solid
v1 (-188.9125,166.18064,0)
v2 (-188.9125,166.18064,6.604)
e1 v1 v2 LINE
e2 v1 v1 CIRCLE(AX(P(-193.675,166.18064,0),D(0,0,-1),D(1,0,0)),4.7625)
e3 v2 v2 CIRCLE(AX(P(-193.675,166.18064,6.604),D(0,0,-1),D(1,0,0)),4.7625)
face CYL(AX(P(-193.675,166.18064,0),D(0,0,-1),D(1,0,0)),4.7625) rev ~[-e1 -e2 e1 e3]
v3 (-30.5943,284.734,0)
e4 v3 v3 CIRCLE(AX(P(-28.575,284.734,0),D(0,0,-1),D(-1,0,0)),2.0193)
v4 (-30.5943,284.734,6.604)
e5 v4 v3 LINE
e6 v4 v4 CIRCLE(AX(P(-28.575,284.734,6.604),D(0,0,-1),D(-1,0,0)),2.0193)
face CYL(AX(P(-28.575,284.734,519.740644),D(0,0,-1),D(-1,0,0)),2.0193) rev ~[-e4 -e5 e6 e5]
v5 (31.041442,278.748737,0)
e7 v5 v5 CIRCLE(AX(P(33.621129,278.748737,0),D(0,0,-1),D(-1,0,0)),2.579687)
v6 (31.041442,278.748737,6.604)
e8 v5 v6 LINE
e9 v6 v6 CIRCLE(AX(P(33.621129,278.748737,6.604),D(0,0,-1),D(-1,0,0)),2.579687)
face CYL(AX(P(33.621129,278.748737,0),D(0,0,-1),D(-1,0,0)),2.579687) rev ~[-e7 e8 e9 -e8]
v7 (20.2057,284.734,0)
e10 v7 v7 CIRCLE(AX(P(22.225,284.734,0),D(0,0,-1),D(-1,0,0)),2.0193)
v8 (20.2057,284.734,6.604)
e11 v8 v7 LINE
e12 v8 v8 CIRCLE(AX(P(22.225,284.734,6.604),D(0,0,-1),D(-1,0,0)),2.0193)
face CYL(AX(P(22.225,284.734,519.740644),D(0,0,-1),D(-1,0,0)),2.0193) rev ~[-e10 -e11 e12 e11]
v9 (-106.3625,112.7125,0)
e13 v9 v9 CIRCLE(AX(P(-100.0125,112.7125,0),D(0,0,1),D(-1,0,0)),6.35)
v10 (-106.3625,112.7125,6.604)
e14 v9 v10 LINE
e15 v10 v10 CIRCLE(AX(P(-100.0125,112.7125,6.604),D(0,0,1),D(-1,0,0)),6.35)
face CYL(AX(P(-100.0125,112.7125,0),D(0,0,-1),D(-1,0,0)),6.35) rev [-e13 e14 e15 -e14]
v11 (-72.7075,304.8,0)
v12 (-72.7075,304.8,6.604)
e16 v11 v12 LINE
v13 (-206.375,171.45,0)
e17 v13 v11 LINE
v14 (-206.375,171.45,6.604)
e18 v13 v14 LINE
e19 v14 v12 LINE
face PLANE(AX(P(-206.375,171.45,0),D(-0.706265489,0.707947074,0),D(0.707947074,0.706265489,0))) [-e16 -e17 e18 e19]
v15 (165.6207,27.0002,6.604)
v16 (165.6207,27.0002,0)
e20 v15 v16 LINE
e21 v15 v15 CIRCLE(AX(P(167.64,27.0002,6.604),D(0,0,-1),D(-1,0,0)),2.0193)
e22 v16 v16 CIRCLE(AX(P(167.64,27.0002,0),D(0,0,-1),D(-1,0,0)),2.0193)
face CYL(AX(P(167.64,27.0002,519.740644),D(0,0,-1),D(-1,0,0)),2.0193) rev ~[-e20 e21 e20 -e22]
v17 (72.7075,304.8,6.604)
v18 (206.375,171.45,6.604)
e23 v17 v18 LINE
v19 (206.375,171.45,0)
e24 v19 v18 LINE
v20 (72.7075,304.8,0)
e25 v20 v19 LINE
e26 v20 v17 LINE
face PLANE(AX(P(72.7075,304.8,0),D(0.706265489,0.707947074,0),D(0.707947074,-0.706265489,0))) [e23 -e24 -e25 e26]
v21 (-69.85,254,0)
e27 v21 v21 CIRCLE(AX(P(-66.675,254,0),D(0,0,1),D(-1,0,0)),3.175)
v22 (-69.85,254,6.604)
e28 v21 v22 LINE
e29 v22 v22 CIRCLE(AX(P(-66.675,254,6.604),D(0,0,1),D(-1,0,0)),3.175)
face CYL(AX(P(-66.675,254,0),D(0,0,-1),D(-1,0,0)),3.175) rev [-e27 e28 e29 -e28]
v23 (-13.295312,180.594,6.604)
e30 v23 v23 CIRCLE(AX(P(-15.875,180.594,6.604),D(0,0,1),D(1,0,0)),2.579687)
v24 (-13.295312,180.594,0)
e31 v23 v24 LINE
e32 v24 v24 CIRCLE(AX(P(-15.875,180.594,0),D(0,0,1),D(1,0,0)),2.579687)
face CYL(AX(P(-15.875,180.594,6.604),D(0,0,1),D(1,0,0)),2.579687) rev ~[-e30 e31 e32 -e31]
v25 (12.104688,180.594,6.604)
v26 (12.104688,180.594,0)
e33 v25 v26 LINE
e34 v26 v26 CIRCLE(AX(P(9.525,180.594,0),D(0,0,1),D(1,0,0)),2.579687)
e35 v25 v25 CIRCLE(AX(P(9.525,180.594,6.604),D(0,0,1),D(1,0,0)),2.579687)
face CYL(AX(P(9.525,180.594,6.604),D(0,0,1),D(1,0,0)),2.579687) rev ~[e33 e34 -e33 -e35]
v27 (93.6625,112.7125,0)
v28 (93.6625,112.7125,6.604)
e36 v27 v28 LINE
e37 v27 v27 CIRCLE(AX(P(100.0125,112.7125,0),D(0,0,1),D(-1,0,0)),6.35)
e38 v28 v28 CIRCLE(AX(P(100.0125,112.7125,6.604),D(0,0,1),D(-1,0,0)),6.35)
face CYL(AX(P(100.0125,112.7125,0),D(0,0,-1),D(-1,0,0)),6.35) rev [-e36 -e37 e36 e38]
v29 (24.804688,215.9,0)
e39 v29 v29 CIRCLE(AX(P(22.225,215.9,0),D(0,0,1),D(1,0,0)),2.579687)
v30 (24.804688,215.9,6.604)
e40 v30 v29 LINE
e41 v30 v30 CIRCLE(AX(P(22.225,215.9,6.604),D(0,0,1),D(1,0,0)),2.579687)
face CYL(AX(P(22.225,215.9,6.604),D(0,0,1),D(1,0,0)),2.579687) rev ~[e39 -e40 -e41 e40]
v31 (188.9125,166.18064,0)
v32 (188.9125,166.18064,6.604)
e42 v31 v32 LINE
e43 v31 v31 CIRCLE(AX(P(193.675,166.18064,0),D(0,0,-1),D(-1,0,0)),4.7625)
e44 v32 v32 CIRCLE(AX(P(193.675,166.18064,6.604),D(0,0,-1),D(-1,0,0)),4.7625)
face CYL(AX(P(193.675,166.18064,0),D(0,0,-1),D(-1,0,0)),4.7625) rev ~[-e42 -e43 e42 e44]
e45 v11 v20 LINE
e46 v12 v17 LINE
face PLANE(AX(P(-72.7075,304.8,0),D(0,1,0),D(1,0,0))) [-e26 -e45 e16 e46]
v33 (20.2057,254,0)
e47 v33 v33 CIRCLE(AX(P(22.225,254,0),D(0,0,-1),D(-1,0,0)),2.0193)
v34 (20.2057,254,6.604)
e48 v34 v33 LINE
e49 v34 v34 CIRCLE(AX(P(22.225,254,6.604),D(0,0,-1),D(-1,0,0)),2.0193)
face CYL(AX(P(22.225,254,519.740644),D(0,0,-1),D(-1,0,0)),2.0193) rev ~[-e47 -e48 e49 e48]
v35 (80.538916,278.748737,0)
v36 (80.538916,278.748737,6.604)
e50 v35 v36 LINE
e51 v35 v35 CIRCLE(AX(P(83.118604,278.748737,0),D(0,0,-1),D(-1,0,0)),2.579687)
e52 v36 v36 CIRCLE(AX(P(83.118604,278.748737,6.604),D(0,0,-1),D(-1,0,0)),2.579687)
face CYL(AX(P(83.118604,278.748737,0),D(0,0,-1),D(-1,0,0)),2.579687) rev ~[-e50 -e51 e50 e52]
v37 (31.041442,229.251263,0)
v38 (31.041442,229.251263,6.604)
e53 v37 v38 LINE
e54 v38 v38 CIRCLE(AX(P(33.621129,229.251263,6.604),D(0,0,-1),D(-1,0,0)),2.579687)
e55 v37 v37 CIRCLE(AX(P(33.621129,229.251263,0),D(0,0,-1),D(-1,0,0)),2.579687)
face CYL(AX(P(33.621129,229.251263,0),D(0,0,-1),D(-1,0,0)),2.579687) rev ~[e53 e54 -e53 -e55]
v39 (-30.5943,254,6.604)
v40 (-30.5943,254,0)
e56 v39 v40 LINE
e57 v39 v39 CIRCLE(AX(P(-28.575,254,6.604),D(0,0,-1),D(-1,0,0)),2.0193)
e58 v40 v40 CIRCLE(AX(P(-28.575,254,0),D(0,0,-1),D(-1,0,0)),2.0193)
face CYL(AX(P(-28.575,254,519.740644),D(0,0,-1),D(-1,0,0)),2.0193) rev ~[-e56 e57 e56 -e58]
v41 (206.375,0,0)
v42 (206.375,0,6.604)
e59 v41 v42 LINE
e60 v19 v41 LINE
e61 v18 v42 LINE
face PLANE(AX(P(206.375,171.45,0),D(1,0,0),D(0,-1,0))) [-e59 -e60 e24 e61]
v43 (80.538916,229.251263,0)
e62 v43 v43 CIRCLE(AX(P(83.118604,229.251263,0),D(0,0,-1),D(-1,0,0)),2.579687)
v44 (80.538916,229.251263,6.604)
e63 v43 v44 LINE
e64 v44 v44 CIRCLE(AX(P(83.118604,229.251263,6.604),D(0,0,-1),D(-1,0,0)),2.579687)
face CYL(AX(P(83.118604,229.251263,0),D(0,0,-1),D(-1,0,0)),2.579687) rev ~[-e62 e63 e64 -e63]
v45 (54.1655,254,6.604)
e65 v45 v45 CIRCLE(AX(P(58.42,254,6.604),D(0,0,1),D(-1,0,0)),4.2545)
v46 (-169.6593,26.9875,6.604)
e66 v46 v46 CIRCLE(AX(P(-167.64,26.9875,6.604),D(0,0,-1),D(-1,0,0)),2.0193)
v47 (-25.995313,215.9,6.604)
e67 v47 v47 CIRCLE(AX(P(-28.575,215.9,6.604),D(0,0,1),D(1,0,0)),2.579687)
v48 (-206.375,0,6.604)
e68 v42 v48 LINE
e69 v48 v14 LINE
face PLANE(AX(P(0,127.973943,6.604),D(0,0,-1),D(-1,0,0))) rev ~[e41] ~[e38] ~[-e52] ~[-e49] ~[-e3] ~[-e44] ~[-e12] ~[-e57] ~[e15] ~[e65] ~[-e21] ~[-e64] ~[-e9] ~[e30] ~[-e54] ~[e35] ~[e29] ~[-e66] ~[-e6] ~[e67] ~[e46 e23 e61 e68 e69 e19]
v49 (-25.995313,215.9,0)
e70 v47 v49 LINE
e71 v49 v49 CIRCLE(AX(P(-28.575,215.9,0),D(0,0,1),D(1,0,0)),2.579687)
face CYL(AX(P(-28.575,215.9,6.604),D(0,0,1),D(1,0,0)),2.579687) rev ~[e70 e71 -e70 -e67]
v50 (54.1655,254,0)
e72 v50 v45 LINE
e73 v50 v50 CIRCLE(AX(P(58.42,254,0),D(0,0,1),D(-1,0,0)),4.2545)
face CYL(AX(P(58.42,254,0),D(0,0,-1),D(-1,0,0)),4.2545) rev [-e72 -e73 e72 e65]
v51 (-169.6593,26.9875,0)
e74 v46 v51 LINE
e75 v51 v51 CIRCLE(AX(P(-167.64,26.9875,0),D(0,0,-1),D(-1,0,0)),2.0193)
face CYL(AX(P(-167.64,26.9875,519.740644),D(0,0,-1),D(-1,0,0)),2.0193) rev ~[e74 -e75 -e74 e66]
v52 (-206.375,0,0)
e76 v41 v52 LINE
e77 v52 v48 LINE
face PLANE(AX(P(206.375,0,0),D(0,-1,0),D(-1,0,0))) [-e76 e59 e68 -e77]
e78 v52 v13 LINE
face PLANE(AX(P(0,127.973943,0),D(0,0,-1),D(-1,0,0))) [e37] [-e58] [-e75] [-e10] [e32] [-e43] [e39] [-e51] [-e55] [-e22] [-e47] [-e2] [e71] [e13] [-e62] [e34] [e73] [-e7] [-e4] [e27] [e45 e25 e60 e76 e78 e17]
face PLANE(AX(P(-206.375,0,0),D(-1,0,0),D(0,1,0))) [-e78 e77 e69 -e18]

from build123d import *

# Parameters (mm, degrees)
REFERENCE_R            = 6.35
REFERENCE_R_2          = 3.175
REFERENCE_R_3          = 4.2545
BOSS_EXTRUDE3_DEPTH    = 6.604
F_10_32_TAPPED_HOLE1_D = 4.0386
SKETCH3_R              = 2.5796875
CUT_EXTRUDE1_DEPTH     = 369.153899125
SKETCH4_R              = 2.5796875
CUT_EXTRUDE2_DEPTH     = 369.153899125
SKETCH5_R              = 4.7625
CUT_EXTRUDE3_DEPTH     = 369.153899125


with BuildPart() as part:
    # reference → Boss-Extrude3 (new body)
    with BuildSketch(Plane.XY):
        Polygon((206.375, 0), (-206.375, 0), (-206.375, 171.45), (-72.7075, 304.8), (72.7075, 304.8), (206.375, 171.45), align=None)
        with Locations(Location((-100.0125, 112.7125, 0), (0, 0, 180))):
            Circle(REFERENCE_R, mode=Mode.SUBTRACT)
        with Locations(Location((100.0125, 112.7125, 0), (0, 0, 180))):
            Circle(REFERENCE_R, mode=Mode.SUBTRACT)
        with Locations(Location((-66.675, 254, 0), (0, 0, 180))):
            Circle(REFERENCE_R_2, mode=Mode.SUBTRACT)
        with Locations(Location((58.42, 254, 0), (0, 0, 180))):
            Circle(REFERENCE_R_3, mode=Mode.SUBTRACT)
    extrude(amount=BOSS_EXTRUDE3_DEPTH)

    # #10-32 Tapped Hole1 (through all)
    with Locations(Plane.XY.offset(6.604)):
        with Locations((-167.64, 26.9875), (167.64, 27.0002), (-28.575, 284.734), (22.225, 284.734), (-28.575, 254), (22.225, 254)):
            Hole(F_10_32_TAPPED_HOLE1_D / 2)

    # Sketch3 → Cut-Extrude1 (cut, through all)
    with BuildSketch(Plane(origin=(0, 0, 0), x_dir=(-1, 0, 0), z_dir=(0, 0, -1))):
        with Locations((-33.62112915, 278.748737342)):
            Circle(SKETCH3_R)
        with Locations((-33.62112915, 229.251262658)):
            Circle(SKETCH3_R)
        with Locations((-83.118603833, 229.251262658)):
            Circle(SKETCH3_R)
        with Locations((-83.118603833, 278.748737342)):
            Circle(SKETCH3_R)
    extrude(amount=-CUT_EXTRUDE1_DEPTH, mode=Mode.SUBTRACT)

    # Sketch4 → Cut-Extrude2 (cut, through all)
    with BuildSketch(Plane.XY.offset(6.604)):
        with Locations((-28.575, 215.9)):
            Circle(SKETCH4_R)
        with Locations((22.225, 215.9)):
            Circle(SKETCH4_R)
        with Locations((-15.875, 180.594)):
            Circle(SKETCH4_R)
        with Locations((9.525, 180.594)):
            Circle(SKETCH4_R)
    extrude(amount=-CUT_EXTRUDE2_DEPTH, mode=Mode.SUBTRACT)

    # Sketch5 → Cut-Extrude3 (cut, through all)
    with BuildSketch(Plane(origin=(0, 0, 0), x_dir=(-1, 0, 0), z_dir=(0, 0, -1))):
        with Locations((-193.675, 166.18063958)):
            Circle(SKETCH5_R)
        with Locations(Location((193.675, 166.18063958, 0), (0, 0, 180))):
            Circle(SKETCH5_R)
    extrude(amount=-CUT_EXTRUDE3_DEPTH, mode=Mode.SUBTRACT)


solid = part.part
